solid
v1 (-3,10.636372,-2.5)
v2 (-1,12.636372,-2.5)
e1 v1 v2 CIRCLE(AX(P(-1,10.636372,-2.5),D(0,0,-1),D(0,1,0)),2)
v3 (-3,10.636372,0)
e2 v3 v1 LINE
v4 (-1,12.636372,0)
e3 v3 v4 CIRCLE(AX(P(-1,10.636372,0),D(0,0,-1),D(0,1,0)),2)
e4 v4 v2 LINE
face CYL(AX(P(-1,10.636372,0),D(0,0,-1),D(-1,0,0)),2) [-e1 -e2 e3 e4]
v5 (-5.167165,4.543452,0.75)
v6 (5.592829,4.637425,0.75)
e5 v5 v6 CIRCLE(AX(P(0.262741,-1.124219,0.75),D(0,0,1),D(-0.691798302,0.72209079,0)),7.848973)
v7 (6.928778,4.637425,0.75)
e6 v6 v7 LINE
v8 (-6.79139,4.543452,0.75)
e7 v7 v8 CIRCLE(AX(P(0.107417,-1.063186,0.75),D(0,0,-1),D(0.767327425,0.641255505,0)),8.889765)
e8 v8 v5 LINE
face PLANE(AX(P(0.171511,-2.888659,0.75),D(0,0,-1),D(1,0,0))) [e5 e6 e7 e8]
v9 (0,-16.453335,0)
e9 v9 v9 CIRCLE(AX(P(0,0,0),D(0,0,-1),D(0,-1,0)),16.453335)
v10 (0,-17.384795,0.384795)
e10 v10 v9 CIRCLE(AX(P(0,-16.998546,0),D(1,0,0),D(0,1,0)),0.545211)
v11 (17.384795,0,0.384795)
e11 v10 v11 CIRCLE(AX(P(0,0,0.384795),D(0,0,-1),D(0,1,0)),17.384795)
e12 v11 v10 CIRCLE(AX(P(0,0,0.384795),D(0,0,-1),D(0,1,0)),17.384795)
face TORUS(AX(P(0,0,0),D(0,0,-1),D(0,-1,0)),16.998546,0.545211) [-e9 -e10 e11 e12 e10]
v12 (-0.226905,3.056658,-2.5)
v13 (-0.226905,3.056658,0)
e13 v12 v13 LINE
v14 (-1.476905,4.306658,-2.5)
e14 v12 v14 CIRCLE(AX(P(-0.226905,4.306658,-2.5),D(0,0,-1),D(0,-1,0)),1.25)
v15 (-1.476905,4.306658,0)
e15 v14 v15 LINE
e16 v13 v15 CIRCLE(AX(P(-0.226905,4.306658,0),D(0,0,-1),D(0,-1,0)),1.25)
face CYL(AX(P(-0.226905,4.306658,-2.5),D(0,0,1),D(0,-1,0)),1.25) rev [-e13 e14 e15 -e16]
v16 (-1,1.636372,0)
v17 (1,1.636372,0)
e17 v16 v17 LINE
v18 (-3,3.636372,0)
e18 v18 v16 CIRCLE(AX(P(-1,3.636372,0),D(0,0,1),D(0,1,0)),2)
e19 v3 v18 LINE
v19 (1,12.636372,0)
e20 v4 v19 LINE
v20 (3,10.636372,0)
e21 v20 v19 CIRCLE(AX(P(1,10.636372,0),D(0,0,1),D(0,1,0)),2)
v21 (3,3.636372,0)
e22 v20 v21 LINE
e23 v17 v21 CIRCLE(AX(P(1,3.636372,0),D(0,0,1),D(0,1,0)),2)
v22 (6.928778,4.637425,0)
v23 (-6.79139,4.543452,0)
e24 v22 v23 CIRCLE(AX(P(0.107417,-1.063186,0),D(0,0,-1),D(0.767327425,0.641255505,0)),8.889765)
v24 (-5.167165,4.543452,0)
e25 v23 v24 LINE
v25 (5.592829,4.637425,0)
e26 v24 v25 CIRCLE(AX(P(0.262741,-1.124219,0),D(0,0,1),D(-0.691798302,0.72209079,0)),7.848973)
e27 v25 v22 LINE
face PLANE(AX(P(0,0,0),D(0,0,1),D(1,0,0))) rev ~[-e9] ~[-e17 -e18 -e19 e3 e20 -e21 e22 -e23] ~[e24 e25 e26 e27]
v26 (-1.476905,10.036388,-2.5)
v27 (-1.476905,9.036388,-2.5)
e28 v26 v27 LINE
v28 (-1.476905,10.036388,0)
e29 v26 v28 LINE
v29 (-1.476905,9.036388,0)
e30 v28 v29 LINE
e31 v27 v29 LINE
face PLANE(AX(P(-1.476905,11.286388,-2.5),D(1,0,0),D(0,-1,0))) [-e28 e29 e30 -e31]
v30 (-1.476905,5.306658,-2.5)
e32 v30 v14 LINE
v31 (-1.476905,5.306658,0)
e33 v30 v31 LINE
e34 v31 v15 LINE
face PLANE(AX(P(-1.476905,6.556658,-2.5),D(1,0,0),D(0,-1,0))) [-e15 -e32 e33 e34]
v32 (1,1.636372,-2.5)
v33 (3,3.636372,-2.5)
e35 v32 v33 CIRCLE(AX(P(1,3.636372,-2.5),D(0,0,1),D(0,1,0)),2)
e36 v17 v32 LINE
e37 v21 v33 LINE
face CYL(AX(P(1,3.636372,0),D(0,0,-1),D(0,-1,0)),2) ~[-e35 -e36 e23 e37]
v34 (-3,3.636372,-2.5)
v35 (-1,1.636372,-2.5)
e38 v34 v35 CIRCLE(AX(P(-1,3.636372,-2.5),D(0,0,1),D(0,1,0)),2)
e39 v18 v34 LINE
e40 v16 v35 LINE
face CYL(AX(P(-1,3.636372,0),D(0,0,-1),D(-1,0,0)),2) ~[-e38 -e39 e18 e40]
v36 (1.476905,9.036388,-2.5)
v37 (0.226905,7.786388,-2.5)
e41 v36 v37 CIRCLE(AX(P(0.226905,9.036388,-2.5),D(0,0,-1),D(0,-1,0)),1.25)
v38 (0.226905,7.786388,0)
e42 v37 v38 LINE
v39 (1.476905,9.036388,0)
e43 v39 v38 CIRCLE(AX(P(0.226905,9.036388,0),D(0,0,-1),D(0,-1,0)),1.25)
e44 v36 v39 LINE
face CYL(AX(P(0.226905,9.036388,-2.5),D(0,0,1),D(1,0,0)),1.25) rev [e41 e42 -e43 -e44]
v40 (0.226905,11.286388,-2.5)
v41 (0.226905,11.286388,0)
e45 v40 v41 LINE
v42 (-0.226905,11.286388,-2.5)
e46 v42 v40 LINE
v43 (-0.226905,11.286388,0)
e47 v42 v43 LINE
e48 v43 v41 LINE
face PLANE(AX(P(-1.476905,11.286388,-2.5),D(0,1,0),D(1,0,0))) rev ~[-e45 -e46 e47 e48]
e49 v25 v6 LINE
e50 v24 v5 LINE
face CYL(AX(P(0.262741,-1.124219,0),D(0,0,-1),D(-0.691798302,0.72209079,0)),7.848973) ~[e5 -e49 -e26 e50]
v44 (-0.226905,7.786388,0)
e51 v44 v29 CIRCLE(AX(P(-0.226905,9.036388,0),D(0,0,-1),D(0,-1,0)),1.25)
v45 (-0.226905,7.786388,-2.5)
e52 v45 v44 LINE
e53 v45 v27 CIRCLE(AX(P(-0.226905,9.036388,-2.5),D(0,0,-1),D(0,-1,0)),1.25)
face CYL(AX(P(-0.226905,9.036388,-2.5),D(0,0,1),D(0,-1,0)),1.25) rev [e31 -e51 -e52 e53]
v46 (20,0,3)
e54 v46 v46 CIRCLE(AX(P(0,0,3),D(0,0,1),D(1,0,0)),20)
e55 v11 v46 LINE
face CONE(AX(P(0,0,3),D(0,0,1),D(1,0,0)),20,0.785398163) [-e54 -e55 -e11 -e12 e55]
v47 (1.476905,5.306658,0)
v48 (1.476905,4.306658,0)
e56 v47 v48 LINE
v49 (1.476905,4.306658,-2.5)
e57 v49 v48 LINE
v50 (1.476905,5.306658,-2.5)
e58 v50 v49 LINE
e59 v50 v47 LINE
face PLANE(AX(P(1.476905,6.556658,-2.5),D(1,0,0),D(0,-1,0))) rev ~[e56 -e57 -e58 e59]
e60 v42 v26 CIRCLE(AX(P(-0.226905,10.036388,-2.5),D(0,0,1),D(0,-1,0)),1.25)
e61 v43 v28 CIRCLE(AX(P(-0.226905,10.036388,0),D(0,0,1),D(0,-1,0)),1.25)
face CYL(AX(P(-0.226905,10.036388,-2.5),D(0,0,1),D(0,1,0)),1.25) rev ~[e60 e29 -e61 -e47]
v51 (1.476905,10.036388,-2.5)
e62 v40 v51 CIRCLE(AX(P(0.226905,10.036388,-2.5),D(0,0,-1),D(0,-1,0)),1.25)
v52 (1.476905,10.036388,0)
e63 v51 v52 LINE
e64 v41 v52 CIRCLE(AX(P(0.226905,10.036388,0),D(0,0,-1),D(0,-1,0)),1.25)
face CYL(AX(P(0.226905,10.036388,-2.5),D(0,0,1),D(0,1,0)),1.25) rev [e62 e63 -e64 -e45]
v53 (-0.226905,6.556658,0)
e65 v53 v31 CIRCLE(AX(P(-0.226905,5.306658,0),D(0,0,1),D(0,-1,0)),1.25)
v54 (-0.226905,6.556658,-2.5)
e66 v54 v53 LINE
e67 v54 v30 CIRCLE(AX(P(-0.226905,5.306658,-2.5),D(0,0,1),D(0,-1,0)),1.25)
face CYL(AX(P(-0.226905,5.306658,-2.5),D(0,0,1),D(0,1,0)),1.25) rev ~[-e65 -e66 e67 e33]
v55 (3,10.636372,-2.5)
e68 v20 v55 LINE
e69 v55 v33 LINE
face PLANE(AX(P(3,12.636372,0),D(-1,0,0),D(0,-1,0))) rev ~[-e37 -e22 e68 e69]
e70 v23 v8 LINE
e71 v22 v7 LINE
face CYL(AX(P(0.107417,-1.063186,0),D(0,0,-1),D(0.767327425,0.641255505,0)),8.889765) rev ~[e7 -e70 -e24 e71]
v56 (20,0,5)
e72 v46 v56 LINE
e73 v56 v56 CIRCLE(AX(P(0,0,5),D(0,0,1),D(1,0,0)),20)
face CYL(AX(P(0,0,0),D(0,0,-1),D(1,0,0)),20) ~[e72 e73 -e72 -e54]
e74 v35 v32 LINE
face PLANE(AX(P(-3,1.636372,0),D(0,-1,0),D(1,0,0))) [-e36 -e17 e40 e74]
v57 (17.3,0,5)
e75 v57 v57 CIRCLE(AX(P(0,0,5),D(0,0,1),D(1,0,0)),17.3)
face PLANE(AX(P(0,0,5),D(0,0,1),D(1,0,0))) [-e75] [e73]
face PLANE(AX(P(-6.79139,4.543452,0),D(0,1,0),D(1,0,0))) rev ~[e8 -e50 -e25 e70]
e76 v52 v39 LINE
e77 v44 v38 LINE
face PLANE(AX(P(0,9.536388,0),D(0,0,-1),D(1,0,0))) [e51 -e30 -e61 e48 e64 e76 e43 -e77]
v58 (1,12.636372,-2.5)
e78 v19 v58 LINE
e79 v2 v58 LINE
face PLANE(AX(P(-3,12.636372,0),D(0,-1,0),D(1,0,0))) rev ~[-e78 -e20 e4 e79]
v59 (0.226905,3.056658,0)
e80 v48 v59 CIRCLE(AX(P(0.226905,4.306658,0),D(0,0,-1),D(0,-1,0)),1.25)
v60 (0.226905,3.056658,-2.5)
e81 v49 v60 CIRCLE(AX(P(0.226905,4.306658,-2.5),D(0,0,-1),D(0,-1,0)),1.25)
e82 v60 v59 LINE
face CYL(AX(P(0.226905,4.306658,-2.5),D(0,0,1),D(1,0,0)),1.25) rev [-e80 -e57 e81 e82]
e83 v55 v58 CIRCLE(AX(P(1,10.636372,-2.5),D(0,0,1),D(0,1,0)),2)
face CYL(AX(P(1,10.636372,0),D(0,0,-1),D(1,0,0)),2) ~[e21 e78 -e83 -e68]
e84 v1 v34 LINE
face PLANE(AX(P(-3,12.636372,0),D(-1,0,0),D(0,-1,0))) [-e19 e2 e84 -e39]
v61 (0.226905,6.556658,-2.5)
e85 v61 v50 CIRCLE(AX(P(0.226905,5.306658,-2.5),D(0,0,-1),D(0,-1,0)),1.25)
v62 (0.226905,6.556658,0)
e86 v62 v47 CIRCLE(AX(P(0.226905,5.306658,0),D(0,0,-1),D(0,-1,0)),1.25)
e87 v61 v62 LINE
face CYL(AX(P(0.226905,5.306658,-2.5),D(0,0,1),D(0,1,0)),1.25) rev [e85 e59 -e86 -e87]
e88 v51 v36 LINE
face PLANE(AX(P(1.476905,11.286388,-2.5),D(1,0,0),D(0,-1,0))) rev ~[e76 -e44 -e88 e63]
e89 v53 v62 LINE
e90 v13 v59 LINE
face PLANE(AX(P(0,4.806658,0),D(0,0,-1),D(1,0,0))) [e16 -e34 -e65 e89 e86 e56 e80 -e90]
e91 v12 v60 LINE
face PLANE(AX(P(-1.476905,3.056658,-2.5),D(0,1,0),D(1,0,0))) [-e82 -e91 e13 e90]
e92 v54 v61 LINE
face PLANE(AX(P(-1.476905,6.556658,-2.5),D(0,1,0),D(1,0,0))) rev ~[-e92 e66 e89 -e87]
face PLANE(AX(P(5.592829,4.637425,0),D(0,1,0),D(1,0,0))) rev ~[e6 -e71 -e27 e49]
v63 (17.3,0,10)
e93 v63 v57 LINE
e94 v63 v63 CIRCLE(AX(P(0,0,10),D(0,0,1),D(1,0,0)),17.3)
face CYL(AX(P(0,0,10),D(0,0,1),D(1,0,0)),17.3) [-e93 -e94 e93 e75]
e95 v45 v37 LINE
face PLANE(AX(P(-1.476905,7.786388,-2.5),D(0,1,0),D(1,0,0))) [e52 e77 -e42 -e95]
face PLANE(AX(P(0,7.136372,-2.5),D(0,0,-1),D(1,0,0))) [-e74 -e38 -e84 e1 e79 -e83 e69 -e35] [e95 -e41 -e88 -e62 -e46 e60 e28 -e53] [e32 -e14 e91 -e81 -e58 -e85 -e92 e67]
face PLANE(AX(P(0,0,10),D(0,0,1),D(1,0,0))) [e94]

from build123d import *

# Parameters (mm, degrees)
F0_R      = 20
F1_DEPTH  = 5
F2_R      = 16.6
F3_DEPTH  = 5
F4_W      = 6
F4_H      = 11
F5_DEPTH  = 2.5
F6_R      = 2
F7_SIZE   = 3
F8_W      = 2.95381
F8_H      = 3.5
F9_DEPTH  = 2.5
F10_R     = 1.25
F12_DEPTH = 0.75
F13_R     = 0.545211
F15_R     = 17.3
F15_R_2   = 16.6
F16_DEPTH = 5


with BuildPart() as f1:
    # F0 (on Top) → F1 (new body)
    with BuildSketch(Plane.XY):
        Circle(F0_R)
    extrude(amount=F1_DEPTH)

    # F2 (on face) → F3 (join)
    with BuildSketch(Plane.XY.offset(5)):
        Circle(F2_R)
    extrude(amount=F3_DEPTH)

    # F4 (on face) → F5 (join)
    with BuildSketch(Plane(origin=(0, 0, 0), x_dir=(1, 0, 0), z_dir=(0, 0, -1))):
        with Locations((0, -7.136372)):
            Rectangle(F4_W, F4_H)
    extrude(amount=F5_DEPTH)

    # F6
    f6_edges = [f1.edges().sort_by_distance(p)[0] for p in [
        (-3, 12.636372, -1.25),
        (3, 12.636372, -1.25),
        (3, 1.636372, -1.25),
        (-3, 1.636372, -1.25),
    ]]
    fillet(f6_edges, radius=F6_R)

    # F7
    f7_edges = [f1.edges().sort_by_distance(p)[0] for p in [
        (-20, 0, 0),
    ]]
    chamfer(f7_edges, length=F7_SIZE)

    # F8 (on face) → F9 (cut)
    with BuildSketch(Plane(origin=(0, 0, -2.5), x_dir=(1, 0, 0), z_dir=(0, 0, -1))):
        with Locations((0, -4.806658)):
            Rectangle(F8_W, F8_H)
        with Locations((0, -9.536388)):
            Rectangle(F8_W, F8_H)
    extrude(amount=-F9_DEPTH, mode=Mode.SUBTRACT)

    # F10
    f10_edges = [f1.edges().sort_by_distance(p)[0] for p in [
        (1.476905, 3.056658, -1.25),
        (-1.476905, 3.056658, -1.25),
        (1.476905, 6.556658, -1.25),
        (-1.476905, 6.556658, -1.25),
        (1.476905, 7.786388, -1.25),
        (-1.476905, 7.786388, -1.25),
        (-1.476905, 11.286388, -1.25),
        (1.476905, 11.286388, -1.25),
    ]]
    fillet(f10_edges, radius=F10_R)

    # F11 (on face) → F12 (cut)
    with BuildSketch(Plane(origin=(0, 0, 0), x_dir=(1, 0, 0), z_dir=(0, 0, -1))):
        with BuildLine():
            Line((5.592829, -4.637425), (6.928778, -4.637425))
            ThreePointArc((6.928778, -4.637425), (0.168305, 9.952743), (-6.79139, -4.543452))
            Line((-6.79139, -4.543452), (-5.167165, -4.543452))
            ThreePointArc((-5.167165, -4.543452), (0.331289, 8.972893), (5.592829, -4.637425))
        make_face()
    extrude(amount=-F12_DEPTH, mode=Mode.SUBTRACT)

    # F13 (on Right) → F14 (revolve)
    with BuildSketch(Plane.YZ):
        with Locations((-16.998546, 0)):
            Circle(F13_R)
    revolve(axis=Axis((0, 0, -2.59406), (0, 0, -1)))

    # F15 (on face) → F16 (join)
    with BuildSketch(Plane.XY.offset(10)):
        Circle(F15_R)
        Circle(F15_R_2, mode=Mode.SUBTRACT)
    extrude(amount=-F16_DEPTH)


solid = f1.part
